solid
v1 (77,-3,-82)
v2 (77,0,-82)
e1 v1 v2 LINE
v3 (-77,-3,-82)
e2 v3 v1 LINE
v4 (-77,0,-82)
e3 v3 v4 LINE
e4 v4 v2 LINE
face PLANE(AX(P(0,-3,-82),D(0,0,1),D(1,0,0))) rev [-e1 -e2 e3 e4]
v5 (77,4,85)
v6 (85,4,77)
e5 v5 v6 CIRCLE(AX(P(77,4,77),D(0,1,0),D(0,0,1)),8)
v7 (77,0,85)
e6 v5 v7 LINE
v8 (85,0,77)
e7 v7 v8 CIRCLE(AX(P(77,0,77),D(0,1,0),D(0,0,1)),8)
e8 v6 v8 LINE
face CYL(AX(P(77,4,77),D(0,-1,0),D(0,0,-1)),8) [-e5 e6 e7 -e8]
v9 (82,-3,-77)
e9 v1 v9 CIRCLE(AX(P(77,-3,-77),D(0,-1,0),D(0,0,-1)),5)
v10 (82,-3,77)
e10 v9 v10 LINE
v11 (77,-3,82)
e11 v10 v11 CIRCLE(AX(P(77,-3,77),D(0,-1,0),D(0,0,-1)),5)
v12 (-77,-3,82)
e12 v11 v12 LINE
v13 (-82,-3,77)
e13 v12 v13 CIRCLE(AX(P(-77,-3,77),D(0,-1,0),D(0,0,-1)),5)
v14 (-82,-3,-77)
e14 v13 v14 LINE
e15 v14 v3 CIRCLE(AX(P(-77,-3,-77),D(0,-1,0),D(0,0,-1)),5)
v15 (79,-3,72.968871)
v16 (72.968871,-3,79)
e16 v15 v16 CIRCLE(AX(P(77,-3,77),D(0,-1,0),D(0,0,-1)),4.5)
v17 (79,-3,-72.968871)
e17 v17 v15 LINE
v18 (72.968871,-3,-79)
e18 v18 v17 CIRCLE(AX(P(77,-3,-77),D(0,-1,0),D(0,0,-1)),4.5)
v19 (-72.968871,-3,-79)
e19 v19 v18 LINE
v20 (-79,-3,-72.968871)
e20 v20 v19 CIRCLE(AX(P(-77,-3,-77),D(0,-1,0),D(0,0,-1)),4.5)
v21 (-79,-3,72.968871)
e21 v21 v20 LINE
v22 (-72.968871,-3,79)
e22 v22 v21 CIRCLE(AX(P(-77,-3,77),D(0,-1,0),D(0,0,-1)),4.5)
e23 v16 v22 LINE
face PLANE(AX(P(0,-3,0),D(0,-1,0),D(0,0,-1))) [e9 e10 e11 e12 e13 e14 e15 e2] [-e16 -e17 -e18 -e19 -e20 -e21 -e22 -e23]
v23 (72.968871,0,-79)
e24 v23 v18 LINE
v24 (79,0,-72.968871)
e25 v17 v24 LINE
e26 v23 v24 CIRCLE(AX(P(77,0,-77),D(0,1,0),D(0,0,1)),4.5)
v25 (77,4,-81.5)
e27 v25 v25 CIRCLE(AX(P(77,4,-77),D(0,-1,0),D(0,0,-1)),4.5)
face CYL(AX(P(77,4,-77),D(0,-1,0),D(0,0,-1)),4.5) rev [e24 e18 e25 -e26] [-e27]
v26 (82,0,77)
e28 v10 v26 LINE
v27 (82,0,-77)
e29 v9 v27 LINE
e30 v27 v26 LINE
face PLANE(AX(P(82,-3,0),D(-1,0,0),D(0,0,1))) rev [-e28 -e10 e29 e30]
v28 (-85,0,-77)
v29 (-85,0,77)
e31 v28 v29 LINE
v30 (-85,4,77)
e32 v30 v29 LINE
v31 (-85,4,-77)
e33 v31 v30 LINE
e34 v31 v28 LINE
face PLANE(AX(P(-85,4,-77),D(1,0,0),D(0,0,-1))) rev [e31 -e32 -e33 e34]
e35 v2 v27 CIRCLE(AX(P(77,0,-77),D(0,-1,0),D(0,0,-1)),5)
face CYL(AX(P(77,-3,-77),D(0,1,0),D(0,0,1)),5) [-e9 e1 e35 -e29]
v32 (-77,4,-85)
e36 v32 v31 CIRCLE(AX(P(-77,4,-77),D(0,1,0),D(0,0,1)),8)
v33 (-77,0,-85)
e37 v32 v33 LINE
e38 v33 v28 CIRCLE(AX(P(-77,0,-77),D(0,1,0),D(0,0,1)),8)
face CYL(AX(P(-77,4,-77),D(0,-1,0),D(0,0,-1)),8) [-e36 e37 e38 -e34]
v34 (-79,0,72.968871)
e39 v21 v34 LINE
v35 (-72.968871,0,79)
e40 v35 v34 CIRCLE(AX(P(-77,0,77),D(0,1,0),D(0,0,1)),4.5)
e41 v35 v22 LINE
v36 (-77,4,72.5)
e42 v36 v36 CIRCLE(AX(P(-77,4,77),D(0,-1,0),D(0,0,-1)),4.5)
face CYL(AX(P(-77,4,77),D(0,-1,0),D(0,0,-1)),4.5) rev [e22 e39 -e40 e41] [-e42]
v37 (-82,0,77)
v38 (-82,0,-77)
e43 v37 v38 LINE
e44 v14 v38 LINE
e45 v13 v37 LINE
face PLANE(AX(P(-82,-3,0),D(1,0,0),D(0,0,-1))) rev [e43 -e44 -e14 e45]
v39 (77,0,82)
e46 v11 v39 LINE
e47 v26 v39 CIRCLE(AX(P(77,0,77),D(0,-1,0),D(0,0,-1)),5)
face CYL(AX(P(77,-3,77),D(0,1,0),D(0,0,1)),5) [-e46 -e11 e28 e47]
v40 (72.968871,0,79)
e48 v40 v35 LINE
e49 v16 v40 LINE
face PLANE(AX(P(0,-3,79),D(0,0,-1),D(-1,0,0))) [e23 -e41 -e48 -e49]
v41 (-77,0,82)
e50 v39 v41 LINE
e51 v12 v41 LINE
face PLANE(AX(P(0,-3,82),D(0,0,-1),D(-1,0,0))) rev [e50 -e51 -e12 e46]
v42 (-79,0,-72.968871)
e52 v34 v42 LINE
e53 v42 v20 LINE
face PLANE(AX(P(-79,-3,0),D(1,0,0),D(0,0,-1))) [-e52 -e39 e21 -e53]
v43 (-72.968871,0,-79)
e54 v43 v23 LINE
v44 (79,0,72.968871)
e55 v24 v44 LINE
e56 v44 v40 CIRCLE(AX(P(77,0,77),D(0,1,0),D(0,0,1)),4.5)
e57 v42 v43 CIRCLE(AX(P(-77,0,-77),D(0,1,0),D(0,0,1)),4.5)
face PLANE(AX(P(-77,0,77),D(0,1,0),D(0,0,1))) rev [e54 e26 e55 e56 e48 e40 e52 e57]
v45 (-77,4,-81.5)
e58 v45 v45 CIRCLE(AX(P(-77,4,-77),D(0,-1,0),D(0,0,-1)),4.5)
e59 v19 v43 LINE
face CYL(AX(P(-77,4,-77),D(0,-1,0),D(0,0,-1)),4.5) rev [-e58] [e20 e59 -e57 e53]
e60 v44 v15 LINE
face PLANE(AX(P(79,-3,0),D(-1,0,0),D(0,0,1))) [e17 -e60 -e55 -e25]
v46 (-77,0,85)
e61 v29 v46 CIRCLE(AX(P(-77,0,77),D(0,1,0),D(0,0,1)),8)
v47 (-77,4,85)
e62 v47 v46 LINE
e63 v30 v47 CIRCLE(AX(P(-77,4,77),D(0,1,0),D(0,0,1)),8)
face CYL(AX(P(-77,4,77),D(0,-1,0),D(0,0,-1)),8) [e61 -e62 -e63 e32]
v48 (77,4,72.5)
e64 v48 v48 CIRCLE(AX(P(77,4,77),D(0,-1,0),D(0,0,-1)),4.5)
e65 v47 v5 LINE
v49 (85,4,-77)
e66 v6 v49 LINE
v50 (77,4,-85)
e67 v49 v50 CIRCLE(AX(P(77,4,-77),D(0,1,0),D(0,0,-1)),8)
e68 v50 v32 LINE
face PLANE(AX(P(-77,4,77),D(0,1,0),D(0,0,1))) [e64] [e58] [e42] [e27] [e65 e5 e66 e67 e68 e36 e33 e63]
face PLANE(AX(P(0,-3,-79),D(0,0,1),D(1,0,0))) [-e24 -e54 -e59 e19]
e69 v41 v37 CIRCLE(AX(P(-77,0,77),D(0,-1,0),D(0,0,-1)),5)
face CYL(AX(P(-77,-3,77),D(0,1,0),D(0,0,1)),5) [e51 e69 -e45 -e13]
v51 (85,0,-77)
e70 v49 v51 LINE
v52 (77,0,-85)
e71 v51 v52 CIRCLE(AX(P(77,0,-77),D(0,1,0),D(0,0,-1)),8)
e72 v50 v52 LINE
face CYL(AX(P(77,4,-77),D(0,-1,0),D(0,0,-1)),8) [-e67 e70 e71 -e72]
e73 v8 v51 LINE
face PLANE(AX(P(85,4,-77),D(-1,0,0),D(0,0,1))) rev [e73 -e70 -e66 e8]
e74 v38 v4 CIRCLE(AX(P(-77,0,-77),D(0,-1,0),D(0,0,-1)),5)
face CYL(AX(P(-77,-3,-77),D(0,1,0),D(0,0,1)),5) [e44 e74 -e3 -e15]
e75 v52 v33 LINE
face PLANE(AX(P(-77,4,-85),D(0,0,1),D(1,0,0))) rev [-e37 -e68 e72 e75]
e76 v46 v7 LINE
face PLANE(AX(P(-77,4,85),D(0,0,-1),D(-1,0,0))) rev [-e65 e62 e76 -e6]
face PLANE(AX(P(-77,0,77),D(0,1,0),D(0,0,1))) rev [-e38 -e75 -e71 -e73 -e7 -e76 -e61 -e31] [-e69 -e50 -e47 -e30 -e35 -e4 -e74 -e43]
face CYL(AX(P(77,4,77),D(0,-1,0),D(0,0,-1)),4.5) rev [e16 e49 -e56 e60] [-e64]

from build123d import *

# Parameters (mm, degrees)
BOSS_EXTRUDE1_DEPTH = 4
BOSS_EXTRUDE2_DEPTH = 3
SKETCH4_R           = 4.5
CUT_EXTRUDE2_DEPTH  = 121.411793442


with BuildPart() as part:
    # Sketch1 → Boss-Extrude1 (new body)
    with BuildSketch(Plane(origin=(0, 0, 0), x_dir=(1, 0, 0), z_dir=(0, 1, 0))):
        with BuildLine():
            Line((-77, 85), (77, 85))
            ThreePointArc((77, 85), (82.656854249, 82.656854249), (85, 77))
            Line((85, 77), (85, -77))
            ThreePointArc((85, -77), (82.656854249, -82.656854249), (77, -85))
            Line((77, -85), (-77, -85))
            ThreePointArc((-77, -85), (-82.656854249, -82.656854249), (-85, -77))
            Line((-85, -77), (-85, 77))
            ThreePointArc((-85, 77), (-82.656854249, 82.656854249), (-77, 85))
        make_face()
    extrude(amount=BOSS_EXTRUDE1_DEPTH)

    # Sketch2 → Boss-Extrude2 (add)
    with BuildSketch(Plane.XZ):
        with BuildLine():
            Line((77, 82), (-77, 82))
            ThreePointArc((-77, 82), (-80.535533906, 80.535533906), (-82, 77))
            Line((-82, 77), (-82, -77))
            ThreePointArc((-82, -77), (-80.535533906, -80.535533906), (-77, -82))
            Line((-77, -82), (77, -82))
            ThreePointArc((77, -82), (80.535533906, -80.535533906), (82, -77))
            Line((82, -77), (82, 77))
            ThreePointArc((82, 77), (80.535533906, 80.535533906), (77, 82))
        make_face()
        with BuildLine():
            ThreePointArc((79, 77), (78.414213562, 78.414213562), (77, 79))
            Line((77, 79), (-77, 79))
            ThreePointArc((-77, 79), (-78.414213562, 78.414213562), (-79, 77))
            Line((-79, 77), (-79, -77))
            ThreePointArc((-79, -77), (-78.414213562, -78.414213562), (-77, -79))
            Line((-77, -79), (77, -79))
            ThreePointArc((77, -79), (78.414213562, -78.414213562), (79, -77))
            Line((79, -77), (79, 77))
        make_face(mode=Mode.SUBTRACT)
    extrude(amount=BOSS_EXTRUDE2_DEPTH)

    # Sketch4 → Cut-Extrude2 (cut, through all)
    with BuildSketch(Plane.XZ.offset(3)):
        with Locations(Location((77, 77, 0), (0, 0, 270))):
            Circle(SKETCH4_R)
        with Locations(Location((77, -77, 0), (0, 0, 270))):
            Circle(SKETCH4_R)
        with Locations(Location((-77, -77, 0), (0, 0, 270))):
            Circle(SKETCH4_R)
        with Locations(Location((-77, 77, 0), (0, 0, 270))):
            Circle(SKETCH4_R)
    extrude(amount=-CUT_EXTRUDE2_DEPTH, mode=Mode.SUBTRACT)


solid = part.part
